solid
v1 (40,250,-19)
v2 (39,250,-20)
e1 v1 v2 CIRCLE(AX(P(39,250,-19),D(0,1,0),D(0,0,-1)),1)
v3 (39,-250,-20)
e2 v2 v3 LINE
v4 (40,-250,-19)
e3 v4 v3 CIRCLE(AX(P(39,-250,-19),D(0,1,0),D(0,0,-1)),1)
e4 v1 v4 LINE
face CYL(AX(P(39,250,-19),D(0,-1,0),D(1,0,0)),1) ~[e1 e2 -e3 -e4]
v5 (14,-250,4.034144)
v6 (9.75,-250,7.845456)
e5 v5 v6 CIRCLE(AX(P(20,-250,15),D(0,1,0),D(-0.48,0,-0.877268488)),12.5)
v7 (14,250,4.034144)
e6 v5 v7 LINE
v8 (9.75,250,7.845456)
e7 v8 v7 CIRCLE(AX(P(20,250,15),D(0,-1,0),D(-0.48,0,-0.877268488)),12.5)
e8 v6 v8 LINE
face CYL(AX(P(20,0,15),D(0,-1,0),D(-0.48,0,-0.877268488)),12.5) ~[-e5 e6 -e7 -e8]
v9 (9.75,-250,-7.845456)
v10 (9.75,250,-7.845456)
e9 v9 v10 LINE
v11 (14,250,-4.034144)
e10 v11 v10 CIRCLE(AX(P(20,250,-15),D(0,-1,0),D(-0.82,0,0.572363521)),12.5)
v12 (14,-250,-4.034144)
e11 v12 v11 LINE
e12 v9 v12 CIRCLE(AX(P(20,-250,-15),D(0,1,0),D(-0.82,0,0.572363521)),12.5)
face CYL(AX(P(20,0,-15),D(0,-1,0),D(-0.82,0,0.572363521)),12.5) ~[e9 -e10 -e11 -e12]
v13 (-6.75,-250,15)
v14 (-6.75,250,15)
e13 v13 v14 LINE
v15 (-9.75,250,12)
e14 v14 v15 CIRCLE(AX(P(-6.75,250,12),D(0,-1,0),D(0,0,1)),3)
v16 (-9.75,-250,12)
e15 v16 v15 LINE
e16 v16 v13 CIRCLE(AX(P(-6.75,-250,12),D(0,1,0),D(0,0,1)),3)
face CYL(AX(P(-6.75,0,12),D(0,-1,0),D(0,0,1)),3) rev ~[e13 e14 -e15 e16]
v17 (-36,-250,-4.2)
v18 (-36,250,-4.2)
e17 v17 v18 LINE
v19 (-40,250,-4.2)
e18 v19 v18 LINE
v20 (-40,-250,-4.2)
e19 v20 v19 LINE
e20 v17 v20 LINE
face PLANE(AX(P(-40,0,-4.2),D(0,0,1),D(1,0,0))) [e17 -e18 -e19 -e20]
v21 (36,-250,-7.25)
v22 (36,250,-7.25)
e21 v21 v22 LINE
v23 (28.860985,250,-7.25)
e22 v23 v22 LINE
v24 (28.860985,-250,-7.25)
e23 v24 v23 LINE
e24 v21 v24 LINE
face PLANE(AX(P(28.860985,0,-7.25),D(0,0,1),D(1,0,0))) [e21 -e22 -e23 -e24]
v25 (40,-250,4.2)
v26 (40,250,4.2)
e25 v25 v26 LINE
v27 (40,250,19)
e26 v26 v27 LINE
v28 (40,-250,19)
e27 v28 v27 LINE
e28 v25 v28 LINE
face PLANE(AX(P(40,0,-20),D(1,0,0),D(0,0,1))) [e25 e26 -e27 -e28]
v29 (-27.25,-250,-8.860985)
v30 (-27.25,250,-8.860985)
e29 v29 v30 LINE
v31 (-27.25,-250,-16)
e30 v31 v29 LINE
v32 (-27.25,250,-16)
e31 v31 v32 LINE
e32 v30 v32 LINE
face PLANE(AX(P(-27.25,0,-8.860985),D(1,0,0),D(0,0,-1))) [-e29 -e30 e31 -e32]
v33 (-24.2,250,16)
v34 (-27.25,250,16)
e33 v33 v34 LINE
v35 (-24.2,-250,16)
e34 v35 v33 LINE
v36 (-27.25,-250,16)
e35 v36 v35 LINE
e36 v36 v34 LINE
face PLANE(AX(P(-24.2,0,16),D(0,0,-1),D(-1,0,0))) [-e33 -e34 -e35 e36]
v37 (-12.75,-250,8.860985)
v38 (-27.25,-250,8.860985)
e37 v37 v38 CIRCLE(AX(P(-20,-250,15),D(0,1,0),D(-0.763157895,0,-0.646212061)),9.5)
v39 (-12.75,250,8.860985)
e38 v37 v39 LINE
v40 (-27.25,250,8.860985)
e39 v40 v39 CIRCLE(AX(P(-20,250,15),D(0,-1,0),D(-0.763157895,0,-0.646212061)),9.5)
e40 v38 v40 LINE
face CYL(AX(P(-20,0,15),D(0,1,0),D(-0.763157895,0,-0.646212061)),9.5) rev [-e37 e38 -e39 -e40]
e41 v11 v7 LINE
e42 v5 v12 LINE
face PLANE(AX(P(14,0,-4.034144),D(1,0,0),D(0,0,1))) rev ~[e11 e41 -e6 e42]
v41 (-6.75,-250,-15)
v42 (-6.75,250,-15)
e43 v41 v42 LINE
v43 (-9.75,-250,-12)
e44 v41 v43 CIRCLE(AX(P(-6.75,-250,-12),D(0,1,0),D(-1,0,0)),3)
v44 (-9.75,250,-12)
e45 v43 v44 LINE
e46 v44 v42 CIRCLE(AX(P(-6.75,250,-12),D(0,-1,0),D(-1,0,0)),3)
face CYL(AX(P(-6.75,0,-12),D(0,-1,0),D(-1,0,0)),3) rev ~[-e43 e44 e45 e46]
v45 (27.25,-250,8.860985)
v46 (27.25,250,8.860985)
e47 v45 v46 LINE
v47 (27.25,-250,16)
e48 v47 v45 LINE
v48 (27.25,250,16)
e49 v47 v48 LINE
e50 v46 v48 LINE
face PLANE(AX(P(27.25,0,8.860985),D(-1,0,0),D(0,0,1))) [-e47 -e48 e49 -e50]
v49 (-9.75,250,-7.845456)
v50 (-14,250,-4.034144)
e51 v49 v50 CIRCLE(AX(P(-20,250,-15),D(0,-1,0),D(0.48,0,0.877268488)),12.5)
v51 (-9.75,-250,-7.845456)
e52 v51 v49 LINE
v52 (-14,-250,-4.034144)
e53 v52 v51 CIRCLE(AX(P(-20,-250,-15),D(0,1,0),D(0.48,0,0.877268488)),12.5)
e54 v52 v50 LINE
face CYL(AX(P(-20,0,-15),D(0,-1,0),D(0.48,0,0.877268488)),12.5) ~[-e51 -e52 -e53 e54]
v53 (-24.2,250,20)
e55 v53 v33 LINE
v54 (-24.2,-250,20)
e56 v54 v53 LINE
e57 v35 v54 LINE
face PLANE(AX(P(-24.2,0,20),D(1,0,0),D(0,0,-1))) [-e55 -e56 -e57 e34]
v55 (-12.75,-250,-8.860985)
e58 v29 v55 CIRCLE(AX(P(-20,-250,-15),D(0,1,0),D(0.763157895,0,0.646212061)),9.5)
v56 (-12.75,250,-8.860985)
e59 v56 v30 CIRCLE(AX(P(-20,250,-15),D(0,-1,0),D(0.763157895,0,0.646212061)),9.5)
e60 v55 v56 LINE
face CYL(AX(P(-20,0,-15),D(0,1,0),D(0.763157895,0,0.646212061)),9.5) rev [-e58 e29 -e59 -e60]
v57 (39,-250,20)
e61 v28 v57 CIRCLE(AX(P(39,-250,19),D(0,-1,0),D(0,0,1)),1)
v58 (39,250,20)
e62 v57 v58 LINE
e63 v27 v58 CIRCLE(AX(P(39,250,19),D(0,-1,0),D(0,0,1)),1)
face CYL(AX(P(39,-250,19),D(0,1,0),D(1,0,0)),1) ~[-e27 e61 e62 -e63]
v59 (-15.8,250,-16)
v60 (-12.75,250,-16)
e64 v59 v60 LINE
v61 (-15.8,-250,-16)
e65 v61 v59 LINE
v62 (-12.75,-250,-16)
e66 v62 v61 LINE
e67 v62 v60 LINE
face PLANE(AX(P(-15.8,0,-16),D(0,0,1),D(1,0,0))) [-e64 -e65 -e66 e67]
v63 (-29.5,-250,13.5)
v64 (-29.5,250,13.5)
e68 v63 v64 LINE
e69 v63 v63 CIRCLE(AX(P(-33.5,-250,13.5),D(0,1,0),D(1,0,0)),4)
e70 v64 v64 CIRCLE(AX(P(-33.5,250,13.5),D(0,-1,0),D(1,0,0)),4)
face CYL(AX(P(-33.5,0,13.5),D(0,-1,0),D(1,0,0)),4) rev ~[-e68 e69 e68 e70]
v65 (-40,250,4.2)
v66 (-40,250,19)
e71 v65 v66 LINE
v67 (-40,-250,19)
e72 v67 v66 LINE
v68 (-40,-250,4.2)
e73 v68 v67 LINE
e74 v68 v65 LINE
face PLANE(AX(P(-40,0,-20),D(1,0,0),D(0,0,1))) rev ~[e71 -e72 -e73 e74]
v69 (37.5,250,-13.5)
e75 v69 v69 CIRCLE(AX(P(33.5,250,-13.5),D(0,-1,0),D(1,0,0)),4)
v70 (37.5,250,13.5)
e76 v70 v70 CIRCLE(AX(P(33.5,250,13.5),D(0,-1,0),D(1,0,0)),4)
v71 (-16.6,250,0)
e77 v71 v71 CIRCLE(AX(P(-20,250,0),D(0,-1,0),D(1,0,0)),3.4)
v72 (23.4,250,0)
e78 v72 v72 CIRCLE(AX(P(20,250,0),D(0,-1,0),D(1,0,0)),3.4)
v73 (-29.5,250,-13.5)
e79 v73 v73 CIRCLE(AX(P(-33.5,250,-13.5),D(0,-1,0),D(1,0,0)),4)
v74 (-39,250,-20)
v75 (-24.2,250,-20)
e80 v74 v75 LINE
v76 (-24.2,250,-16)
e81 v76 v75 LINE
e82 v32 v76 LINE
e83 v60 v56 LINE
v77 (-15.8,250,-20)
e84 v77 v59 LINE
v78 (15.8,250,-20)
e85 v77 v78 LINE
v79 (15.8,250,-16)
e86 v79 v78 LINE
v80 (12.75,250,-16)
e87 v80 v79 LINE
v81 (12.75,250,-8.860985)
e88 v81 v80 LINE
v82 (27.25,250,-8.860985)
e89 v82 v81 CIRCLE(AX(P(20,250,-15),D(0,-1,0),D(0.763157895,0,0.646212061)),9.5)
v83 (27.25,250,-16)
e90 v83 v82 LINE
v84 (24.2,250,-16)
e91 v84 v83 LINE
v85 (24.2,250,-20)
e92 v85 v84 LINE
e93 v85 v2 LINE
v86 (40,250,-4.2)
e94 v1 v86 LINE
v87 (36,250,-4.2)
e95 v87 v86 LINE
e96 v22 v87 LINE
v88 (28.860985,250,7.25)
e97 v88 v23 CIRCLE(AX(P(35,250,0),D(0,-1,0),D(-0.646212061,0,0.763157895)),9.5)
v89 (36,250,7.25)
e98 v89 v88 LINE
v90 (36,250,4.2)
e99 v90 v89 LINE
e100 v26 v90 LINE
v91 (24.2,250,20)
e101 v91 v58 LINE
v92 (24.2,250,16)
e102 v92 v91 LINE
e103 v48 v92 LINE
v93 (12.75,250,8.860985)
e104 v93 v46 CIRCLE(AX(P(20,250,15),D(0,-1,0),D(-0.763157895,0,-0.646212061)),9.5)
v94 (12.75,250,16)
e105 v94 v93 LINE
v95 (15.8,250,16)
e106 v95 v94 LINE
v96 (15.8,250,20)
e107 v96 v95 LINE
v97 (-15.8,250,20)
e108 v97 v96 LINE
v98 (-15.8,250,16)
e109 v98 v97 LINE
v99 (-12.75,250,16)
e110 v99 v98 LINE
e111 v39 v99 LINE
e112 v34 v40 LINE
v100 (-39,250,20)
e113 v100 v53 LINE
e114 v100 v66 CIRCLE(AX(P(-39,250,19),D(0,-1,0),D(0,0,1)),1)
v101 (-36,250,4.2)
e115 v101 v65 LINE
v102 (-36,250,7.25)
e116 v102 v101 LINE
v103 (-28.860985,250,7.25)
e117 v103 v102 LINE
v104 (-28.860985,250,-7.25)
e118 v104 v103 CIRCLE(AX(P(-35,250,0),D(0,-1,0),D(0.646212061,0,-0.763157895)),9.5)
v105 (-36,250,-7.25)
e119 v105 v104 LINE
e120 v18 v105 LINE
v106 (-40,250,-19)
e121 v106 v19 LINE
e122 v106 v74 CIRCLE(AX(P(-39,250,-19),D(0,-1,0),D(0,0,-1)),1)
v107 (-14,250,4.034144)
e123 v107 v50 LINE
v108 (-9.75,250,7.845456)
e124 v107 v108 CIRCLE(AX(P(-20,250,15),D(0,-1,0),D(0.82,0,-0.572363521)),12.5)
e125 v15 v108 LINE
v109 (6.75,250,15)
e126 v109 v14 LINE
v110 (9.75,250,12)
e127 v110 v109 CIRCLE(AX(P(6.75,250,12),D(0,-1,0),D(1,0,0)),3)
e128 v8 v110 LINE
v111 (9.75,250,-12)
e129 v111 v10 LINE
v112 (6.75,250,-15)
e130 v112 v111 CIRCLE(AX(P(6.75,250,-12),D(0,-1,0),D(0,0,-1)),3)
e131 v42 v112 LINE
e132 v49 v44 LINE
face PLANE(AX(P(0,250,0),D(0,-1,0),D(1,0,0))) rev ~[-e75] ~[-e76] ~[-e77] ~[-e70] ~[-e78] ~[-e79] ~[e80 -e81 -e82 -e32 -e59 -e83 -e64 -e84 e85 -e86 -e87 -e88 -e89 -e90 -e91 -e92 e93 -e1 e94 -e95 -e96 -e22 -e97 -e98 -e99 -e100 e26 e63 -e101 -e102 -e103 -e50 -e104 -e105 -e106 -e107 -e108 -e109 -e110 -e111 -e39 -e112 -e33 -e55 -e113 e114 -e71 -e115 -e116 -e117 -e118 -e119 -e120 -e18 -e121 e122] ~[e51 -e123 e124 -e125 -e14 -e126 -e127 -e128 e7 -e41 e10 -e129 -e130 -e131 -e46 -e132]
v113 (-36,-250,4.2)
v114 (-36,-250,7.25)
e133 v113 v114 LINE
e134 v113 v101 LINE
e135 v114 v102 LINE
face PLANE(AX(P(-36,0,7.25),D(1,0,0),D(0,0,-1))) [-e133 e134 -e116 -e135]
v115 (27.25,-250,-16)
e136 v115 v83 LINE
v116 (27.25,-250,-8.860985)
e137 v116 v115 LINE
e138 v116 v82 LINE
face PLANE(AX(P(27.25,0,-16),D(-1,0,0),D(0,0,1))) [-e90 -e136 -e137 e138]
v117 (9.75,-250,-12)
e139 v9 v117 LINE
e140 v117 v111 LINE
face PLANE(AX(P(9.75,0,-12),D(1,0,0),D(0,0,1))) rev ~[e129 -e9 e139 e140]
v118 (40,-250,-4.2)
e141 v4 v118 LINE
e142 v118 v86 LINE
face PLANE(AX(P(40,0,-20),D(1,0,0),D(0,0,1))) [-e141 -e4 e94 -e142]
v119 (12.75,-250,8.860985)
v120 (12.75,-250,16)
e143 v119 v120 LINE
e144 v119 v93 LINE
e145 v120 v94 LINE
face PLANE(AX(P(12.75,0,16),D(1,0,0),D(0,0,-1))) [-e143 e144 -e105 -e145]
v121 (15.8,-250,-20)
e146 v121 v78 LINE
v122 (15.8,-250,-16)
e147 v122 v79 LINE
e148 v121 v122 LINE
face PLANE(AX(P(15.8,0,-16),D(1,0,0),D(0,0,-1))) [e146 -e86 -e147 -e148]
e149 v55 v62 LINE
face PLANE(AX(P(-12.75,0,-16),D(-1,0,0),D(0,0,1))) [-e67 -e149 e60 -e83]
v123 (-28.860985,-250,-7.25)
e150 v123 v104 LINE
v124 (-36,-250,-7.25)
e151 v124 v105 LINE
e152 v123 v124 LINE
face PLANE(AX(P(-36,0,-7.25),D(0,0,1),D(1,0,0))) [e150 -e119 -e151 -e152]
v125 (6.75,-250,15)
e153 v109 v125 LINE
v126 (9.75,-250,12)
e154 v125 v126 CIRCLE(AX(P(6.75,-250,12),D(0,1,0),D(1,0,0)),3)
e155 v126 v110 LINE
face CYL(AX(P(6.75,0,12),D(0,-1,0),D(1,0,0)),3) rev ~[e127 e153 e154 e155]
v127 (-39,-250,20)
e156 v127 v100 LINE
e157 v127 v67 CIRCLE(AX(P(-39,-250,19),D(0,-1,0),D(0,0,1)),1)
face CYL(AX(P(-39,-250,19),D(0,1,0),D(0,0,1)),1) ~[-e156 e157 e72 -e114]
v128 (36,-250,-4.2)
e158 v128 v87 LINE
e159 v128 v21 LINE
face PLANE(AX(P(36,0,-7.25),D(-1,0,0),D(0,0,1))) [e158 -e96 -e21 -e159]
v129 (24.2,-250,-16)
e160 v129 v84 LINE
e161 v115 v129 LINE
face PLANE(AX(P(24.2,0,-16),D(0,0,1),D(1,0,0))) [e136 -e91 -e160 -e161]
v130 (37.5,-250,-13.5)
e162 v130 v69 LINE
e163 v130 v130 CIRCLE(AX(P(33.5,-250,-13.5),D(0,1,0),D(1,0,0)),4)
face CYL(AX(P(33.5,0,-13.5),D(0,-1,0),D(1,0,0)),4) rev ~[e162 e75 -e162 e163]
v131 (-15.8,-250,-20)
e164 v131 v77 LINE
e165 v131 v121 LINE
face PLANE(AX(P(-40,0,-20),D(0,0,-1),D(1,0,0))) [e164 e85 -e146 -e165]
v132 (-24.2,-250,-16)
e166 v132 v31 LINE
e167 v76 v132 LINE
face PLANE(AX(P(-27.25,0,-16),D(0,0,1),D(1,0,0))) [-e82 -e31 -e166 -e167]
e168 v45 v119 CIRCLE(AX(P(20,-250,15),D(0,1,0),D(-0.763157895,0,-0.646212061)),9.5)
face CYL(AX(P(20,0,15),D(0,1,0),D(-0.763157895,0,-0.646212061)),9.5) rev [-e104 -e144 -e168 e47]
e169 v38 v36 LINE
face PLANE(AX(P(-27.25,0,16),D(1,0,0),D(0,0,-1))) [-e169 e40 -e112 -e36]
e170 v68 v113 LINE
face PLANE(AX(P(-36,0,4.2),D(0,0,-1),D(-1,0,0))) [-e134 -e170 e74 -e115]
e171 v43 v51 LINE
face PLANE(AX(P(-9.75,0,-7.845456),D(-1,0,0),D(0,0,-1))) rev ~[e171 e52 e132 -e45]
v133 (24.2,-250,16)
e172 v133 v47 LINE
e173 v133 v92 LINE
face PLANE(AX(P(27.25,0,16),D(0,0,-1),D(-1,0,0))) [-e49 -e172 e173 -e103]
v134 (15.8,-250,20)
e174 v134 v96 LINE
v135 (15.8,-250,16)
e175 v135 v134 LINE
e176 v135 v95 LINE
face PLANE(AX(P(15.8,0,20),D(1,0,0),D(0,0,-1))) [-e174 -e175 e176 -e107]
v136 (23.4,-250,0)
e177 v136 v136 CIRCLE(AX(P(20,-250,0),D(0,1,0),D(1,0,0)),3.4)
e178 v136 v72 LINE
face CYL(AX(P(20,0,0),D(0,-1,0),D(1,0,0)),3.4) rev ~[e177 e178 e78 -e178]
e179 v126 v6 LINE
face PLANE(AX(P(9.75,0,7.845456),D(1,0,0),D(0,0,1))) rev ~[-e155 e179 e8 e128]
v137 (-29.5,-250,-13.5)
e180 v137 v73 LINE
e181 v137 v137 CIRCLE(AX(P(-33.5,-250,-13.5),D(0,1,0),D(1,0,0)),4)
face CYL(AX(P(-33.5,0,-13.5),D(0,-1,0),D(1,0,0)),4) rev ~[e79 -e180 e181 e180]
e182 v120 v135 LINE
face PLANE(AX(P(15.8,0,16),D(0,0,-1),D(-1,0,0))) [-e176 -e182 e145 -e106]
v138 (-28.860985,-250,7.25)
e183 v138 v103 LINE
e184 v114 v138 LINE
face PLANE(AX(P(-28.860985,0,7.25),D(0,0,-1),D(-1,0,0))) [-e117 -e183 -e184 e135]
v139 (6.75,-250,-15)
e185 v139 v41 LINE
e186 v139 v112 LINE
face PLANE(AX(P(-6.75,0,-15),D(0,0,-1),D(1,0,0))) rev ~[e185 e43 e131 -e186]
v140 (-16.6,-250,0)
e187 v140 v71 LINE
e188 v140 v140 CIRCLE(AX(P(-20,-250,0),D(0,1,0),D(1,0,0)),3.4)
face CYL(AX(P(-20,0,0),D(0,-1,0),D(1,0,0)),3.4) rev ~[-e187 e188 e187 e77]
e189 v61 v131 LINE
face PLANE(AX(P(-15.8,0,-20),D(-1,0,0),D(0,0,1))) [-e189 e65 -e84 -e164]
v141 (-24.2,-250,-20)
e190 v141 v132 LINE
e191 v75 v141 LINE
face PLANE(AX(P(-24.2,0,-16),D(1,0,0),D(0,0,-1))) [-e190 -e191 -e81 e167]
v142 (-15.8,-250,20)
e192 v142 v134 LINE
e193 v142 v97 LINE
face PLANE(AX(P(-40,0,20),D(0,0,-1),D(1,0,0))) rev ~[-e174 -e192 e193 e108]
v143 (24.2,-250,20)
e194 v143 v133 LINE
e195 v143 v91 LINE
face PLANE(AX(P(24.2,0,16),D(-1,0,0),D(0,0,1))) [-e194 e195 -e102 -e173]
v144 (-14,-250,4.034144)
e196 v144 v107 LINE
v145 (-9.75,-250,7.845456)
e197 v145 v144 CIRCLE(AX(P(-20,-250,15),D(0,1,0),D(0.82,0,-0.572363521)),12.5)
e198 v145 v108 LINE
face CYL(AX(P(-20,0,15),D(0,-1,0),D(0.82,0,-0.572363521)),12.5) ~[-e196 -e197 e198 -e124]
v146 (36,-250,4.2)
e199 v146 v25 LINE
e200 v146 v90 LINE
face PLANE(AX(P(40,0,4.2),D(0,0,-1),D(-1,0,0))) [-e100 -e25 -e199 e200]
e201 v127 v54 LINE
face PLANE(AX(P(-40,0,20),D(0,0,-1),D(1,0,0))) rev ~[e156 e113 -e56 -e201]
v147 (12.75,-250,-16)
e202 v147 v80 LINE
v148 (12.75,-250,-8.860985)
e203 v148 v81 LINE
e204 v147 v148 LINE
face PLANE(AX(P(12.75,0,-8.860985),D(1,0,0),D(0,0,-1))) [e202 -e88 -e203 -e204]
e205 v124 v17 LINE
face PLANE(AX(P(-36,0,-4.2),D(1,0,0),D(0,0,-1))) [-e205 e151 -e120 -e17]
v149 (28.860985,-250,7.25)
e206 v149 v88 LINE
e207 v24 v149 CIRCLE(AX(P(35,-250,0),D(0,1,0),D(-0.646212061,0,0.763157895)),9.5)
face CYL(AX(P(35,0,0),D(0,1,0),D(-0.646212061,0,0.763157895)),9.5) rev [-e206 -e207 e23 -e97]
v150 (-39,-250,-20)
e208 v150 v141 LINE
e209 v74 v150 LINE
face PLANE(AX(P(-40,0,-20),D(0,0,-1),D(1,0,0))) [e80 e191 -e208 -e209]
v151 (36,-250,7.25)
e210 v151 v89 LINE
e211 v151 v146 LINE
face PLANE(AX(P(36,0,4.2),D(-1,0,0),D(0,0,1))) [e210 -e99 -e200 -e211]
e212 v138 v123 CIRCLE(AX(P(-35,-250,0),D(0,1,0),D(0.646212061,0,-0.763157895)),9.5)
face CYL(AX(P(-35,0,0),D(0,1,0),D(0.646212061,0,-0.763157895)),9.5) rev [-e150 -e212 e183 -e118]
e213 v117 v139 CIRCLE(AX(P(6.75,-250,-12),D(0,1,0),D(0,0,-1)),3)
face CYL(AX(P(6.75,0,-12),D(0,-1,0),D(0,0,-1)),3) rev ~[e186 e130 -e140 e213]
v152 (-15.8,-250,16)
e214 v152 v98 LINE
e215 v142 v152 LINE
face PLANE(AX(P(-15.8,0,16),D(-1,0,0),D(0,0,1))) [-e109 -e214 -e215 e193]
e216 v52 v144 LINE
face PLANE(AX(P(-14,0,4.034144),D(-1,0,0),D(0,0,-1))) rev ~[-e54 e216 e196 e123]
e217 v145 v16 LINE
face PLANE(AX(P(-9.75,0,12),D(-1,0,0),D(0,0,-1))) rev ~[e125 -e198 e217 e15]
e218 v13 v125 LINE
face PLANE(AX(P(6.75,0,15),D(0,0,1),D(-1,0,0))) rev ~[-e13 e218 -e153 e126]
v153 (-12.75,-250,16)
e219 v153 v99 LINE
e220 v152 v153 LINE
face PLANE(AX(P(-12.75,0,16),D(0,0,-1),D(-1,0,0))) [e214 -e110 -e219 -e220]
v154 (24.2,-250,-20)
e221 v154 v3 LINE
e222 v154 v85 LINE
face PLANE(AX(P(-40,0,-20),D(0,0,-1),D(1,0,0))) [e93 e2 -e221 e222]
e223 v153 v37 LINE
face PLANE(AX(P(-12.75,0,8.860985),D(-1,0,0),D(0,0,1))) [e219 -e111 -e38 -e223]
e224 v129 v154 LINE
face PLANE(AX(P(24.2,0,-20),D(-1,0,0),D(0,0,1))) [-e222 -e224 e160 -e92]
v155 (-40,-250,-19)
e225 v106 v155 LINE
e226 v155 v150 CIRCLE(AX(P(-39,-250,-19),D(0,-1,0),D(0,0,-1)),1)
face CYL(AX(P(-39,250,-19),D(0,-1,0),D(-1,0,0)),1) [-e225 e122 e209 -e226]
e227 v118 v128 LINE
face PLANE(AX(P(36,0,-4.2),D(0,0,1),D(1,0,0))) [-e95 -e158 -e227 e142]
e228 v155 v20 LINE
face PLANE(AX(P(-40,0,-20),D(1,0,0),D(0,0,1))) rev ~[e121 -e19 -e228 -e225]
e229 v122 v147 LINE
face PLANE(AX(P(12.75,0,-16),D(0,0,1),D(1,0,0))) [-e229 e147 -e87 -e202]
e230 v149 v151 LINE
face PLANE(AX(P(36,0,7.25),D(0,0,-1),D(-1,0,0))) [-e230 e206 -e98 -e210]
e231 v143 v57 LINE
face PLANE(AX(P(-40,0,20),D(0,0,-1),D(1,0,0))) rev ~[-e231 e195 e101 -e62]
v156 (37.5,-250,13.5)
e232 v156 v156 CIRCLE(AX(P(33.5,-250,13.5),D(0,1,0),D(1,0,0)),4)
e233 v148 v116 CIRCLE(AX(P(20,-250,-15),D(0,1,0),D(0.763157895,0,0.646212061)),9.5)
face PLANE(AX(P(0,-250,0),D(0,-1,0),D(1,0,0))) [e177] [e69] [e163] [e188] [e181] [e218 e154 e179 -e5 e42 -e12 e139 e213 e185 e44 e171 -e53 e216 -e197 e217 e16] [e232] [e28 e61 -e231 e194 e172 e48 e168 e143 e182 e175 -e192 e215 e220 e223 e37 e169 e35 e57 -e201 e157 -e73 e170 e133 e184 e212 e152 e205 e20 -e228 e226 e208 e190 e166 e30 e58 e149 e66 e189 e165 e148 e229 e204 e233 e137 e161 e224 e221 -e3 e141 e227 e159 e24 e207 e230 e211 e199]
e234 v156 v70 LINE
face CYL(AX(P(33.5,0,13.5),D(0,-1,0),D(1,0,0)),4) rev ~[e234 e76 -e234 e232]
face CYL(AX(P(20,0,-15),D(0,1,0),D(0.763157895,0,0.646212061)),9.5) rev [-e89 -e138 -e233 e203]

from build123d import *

# Parameters (mm, degrees)
F1_W          = 80
F1_H          = 40
F2_DEPTH      = 250
F3_R          = 4
F3_R_2        = 3.4
F4_DEPTH      = 250.001
F4_DEPTH_BACK = 250.001
F6_DEPTH      = 250.001
F6_DEPTH_BACK = 250.001
F8_DEPTH      = 250.001
F8_DEPTH_BACK = 250.001
F9_R          = 1


with BuildPart() as f2:
    # F1 (on Front) → F2 (new body, symmetric)
    with BuildSketch(Plane.XZ):
        Rectangle(F1_W, F1_H)
    extrude(amount=F2_DEPTH, both=True)

    # F3 (on Front) → F4 (cut, two sides)
    with BuildSketch(Plane.XZ) as f4_sk:
        with Locations((-33.5, 13.5)):
            Circle(F3_R)
        with Locations((-33.5, -13.5)):
            Circle(F3_R)
        with Locations((33.5, -13.5)):
            Circle(F3_R)
        with Locations((33.5, 13.5)):
            Circle(F3_R)
        with Locations((-20, 0)):
            Circle(F3_R_2)
        with Locations((20, 0)):
            Circle(F3_R_2)
    extrude(amount=-F4_DEPTH, mode=Mode.SUBTRACT)
    extrude(f4_sk.sketch, amount=F4_DEPTH_BACK, mode=Mode.SUBTRACT)

    # F5 (on Front) → F6 (cut, two sides)
    with BuildSketch(Plane.XZ) as f6_sk:
        with BuildLine():
            Line((-15.8, 20), (-24.2, 20))
            Line((-24.2, 20), (-24.2, 16))
            Line((-24.2, 16), (-27.25, 16))
            Line((-27.25, 16), (-27.25, 8.8609854211))
            ThreePointArc((-27.25, 8.8609854211), (-20, 5.5), (-12.75, 8.8609854211))
            Line((-12.75, 8.8609854211), (-12.75, 16))
            Line((-12.75, 16), (-15.8, 16))
            Line((-15.8, 16), (-15.8, 20))
        make_face()
        with BuildLine():
            Line((-40, 4.2), (-40, -4.2))
            Line((-40, -4.2), (-36, -4.2))
            Line((-36, -4.2), (-36, -7.25))
            Line((-36, -7.25), (-28.8609854211, -7.25))
            ThreePointArc((-28.8609854211, -7.25), (-25.5, 0), (-28.8609854211, 7.25))
            Line((-28.8609854211, 7.25), (-36, 7.25))
            Line((-36, 7.25), (-36, 4.2))
            Line((-36, 4.2), (-40, 4.2))
        make_face()
        with BuildLine():
            Line((-24.2, -20), (-15.8, -20))
            Line((-15.8, -20), (-15.8, -16))
            Line((-15.8, -16), (-12.75, -16))
            Line((-12.75, -16), (-12.75, -8.8609854211))
            ThreePointArc((-12.75, -8.8609854211), (-20, -5.5), (-27.25, -8.8609854211))
            Line((-27.25, -8.8609854211), (-27.25, -16))
            Line((-27.25, -16), (-24.2, -16))
            Line((-24.2, -16), (-24.2, -20))
        make_face()
        with BuildLine():
            ThreePointArc((27.25, -8.8609854211), (20, -5.5), (12.75, -8.8609854211))
            Line((12.75, -8.8609854211), (12.75, -16))
            Line((12.75, -16), (15.8, -16))
            Line((15.8, -16), (15.8, -20))
            Line((15.8, -20), (24.2, -20))
            Line((24.2, -20), (24.2, -16))
            Line((24.2, -16), (27.25, -16))
            Line((27.25, -16), (27.25, -8.8609854211))
        make_face()
        with BuildLine():
            Line((36, -4.2), (40, -4.2))
            Line((40, -4.2), (40, 4.2))
            Line((40, 4.2), (36, 4.2))
            Line((36, 4.2), (36, 7.25))
            Line((36, 7.25), (28.8609854211, 7.25))
            ThreePointArc((28.8609854211, 7.25), (25.5, 0), (28.8609854211, -7.25))
            Line((28.8609854211, -7.25), (36, -7.25))
            Line((36, -7.25), (36, -4.2))
        make_face()
        with BuildLine():
            Line((15.8, 16), (12.75, 16))
            Line((12.75, 16), (12.75, 8.8609854211))
            ThreePointArc((12.75, 8.8609854211), (20, 5.5), (27.25, 8.8609854211))
            Line((27.25, 8.8609854211), (27.25, 16))
            Line((27.25, 16), (24.2, 16))
            Line((24.2, 16), (24.2, 20))
            Line((24.2, 20), (15.8, 20))
            Line((15.8, 20), (15.8, 16))
        make_face()
    extrude(amount=-F6_DEPTH, mode=Mode.SUBTRACT)
    extrude(f6_sk.sketch, amount=F6_DEPTH_BACK, mode=Mode.SUBTRACT)

    # F7 (on Front) → F8 (cut, two sides)
    with BuildSketch(Plane.XZ) as f8_sk:
        with BuildLine():
            Line((6.75, 15), (-6.75, 15))
            ThreePointArc((-6.75, 15), (-8.8713203436, 14.1213203436), (-9.75, 12))
            Line((-9.75, 12), (-9.75, 7.8454559894))
            ThreePointArc((-9.75, 7.8454559894), (-11.6545131981, 5.6939347714), (-14, 4.0341439003))
            Line((-14, 4.0341439003), (-14, -4.0341439003))
            ThreePointArc((-14, -4.0341439003), (-11.6545131981, -5.6939347714), (-9.75, -7.8454559894))
            Line((-9.75, -7.8454559894), (-9.75, -12))
            ThreePointArc((-9.75, -12), (-8.8713203436, -14.1213203436), (-6.75, -15))
            Line((-6.75, -15), (6.75, -15))
            ThreePointArc((6.75, -15), (8.8713203436, -14.1213203436), (9.75, -12))
            Line((9.75, -12), (9.75, -7.8454559894))
            ThreePointArc((9.75, -7.8454559894), (11.6545131981, -5.6939347714), (14, -4.0341439003))
            Line((14, -4.0341439003), (14, 4.0341439003))
            ThreePointArc((14, 4.0341439003), (11.6545131981, 5.6939347714), (9.75, 7.8454559894))
            Line((9.75, 7.8454559894), (9.75, 12))
            ThreePointArc((9.75, 12), (8.8713203436, 14.1213203436), (6.75, 15))
        make_face()
    extrude(amount=-F8_DEPTH, mode=Mode.SUBTRACT)
    extrude(f8_sk.sketch, amount=F8_DEPTH_BACK, mode=Mode.SUBTRACT)

    # F9
    f9_edges = [f2.edges().sort_by_distance(p)[0] for p in [
        (-40, 0, 20),
        (40, 0, 20),
        (40, 0, -20),
        (-40, 0, -20),
    ]]
    fillet(f9_edges, radius=F9_R)


solid = f2.part
